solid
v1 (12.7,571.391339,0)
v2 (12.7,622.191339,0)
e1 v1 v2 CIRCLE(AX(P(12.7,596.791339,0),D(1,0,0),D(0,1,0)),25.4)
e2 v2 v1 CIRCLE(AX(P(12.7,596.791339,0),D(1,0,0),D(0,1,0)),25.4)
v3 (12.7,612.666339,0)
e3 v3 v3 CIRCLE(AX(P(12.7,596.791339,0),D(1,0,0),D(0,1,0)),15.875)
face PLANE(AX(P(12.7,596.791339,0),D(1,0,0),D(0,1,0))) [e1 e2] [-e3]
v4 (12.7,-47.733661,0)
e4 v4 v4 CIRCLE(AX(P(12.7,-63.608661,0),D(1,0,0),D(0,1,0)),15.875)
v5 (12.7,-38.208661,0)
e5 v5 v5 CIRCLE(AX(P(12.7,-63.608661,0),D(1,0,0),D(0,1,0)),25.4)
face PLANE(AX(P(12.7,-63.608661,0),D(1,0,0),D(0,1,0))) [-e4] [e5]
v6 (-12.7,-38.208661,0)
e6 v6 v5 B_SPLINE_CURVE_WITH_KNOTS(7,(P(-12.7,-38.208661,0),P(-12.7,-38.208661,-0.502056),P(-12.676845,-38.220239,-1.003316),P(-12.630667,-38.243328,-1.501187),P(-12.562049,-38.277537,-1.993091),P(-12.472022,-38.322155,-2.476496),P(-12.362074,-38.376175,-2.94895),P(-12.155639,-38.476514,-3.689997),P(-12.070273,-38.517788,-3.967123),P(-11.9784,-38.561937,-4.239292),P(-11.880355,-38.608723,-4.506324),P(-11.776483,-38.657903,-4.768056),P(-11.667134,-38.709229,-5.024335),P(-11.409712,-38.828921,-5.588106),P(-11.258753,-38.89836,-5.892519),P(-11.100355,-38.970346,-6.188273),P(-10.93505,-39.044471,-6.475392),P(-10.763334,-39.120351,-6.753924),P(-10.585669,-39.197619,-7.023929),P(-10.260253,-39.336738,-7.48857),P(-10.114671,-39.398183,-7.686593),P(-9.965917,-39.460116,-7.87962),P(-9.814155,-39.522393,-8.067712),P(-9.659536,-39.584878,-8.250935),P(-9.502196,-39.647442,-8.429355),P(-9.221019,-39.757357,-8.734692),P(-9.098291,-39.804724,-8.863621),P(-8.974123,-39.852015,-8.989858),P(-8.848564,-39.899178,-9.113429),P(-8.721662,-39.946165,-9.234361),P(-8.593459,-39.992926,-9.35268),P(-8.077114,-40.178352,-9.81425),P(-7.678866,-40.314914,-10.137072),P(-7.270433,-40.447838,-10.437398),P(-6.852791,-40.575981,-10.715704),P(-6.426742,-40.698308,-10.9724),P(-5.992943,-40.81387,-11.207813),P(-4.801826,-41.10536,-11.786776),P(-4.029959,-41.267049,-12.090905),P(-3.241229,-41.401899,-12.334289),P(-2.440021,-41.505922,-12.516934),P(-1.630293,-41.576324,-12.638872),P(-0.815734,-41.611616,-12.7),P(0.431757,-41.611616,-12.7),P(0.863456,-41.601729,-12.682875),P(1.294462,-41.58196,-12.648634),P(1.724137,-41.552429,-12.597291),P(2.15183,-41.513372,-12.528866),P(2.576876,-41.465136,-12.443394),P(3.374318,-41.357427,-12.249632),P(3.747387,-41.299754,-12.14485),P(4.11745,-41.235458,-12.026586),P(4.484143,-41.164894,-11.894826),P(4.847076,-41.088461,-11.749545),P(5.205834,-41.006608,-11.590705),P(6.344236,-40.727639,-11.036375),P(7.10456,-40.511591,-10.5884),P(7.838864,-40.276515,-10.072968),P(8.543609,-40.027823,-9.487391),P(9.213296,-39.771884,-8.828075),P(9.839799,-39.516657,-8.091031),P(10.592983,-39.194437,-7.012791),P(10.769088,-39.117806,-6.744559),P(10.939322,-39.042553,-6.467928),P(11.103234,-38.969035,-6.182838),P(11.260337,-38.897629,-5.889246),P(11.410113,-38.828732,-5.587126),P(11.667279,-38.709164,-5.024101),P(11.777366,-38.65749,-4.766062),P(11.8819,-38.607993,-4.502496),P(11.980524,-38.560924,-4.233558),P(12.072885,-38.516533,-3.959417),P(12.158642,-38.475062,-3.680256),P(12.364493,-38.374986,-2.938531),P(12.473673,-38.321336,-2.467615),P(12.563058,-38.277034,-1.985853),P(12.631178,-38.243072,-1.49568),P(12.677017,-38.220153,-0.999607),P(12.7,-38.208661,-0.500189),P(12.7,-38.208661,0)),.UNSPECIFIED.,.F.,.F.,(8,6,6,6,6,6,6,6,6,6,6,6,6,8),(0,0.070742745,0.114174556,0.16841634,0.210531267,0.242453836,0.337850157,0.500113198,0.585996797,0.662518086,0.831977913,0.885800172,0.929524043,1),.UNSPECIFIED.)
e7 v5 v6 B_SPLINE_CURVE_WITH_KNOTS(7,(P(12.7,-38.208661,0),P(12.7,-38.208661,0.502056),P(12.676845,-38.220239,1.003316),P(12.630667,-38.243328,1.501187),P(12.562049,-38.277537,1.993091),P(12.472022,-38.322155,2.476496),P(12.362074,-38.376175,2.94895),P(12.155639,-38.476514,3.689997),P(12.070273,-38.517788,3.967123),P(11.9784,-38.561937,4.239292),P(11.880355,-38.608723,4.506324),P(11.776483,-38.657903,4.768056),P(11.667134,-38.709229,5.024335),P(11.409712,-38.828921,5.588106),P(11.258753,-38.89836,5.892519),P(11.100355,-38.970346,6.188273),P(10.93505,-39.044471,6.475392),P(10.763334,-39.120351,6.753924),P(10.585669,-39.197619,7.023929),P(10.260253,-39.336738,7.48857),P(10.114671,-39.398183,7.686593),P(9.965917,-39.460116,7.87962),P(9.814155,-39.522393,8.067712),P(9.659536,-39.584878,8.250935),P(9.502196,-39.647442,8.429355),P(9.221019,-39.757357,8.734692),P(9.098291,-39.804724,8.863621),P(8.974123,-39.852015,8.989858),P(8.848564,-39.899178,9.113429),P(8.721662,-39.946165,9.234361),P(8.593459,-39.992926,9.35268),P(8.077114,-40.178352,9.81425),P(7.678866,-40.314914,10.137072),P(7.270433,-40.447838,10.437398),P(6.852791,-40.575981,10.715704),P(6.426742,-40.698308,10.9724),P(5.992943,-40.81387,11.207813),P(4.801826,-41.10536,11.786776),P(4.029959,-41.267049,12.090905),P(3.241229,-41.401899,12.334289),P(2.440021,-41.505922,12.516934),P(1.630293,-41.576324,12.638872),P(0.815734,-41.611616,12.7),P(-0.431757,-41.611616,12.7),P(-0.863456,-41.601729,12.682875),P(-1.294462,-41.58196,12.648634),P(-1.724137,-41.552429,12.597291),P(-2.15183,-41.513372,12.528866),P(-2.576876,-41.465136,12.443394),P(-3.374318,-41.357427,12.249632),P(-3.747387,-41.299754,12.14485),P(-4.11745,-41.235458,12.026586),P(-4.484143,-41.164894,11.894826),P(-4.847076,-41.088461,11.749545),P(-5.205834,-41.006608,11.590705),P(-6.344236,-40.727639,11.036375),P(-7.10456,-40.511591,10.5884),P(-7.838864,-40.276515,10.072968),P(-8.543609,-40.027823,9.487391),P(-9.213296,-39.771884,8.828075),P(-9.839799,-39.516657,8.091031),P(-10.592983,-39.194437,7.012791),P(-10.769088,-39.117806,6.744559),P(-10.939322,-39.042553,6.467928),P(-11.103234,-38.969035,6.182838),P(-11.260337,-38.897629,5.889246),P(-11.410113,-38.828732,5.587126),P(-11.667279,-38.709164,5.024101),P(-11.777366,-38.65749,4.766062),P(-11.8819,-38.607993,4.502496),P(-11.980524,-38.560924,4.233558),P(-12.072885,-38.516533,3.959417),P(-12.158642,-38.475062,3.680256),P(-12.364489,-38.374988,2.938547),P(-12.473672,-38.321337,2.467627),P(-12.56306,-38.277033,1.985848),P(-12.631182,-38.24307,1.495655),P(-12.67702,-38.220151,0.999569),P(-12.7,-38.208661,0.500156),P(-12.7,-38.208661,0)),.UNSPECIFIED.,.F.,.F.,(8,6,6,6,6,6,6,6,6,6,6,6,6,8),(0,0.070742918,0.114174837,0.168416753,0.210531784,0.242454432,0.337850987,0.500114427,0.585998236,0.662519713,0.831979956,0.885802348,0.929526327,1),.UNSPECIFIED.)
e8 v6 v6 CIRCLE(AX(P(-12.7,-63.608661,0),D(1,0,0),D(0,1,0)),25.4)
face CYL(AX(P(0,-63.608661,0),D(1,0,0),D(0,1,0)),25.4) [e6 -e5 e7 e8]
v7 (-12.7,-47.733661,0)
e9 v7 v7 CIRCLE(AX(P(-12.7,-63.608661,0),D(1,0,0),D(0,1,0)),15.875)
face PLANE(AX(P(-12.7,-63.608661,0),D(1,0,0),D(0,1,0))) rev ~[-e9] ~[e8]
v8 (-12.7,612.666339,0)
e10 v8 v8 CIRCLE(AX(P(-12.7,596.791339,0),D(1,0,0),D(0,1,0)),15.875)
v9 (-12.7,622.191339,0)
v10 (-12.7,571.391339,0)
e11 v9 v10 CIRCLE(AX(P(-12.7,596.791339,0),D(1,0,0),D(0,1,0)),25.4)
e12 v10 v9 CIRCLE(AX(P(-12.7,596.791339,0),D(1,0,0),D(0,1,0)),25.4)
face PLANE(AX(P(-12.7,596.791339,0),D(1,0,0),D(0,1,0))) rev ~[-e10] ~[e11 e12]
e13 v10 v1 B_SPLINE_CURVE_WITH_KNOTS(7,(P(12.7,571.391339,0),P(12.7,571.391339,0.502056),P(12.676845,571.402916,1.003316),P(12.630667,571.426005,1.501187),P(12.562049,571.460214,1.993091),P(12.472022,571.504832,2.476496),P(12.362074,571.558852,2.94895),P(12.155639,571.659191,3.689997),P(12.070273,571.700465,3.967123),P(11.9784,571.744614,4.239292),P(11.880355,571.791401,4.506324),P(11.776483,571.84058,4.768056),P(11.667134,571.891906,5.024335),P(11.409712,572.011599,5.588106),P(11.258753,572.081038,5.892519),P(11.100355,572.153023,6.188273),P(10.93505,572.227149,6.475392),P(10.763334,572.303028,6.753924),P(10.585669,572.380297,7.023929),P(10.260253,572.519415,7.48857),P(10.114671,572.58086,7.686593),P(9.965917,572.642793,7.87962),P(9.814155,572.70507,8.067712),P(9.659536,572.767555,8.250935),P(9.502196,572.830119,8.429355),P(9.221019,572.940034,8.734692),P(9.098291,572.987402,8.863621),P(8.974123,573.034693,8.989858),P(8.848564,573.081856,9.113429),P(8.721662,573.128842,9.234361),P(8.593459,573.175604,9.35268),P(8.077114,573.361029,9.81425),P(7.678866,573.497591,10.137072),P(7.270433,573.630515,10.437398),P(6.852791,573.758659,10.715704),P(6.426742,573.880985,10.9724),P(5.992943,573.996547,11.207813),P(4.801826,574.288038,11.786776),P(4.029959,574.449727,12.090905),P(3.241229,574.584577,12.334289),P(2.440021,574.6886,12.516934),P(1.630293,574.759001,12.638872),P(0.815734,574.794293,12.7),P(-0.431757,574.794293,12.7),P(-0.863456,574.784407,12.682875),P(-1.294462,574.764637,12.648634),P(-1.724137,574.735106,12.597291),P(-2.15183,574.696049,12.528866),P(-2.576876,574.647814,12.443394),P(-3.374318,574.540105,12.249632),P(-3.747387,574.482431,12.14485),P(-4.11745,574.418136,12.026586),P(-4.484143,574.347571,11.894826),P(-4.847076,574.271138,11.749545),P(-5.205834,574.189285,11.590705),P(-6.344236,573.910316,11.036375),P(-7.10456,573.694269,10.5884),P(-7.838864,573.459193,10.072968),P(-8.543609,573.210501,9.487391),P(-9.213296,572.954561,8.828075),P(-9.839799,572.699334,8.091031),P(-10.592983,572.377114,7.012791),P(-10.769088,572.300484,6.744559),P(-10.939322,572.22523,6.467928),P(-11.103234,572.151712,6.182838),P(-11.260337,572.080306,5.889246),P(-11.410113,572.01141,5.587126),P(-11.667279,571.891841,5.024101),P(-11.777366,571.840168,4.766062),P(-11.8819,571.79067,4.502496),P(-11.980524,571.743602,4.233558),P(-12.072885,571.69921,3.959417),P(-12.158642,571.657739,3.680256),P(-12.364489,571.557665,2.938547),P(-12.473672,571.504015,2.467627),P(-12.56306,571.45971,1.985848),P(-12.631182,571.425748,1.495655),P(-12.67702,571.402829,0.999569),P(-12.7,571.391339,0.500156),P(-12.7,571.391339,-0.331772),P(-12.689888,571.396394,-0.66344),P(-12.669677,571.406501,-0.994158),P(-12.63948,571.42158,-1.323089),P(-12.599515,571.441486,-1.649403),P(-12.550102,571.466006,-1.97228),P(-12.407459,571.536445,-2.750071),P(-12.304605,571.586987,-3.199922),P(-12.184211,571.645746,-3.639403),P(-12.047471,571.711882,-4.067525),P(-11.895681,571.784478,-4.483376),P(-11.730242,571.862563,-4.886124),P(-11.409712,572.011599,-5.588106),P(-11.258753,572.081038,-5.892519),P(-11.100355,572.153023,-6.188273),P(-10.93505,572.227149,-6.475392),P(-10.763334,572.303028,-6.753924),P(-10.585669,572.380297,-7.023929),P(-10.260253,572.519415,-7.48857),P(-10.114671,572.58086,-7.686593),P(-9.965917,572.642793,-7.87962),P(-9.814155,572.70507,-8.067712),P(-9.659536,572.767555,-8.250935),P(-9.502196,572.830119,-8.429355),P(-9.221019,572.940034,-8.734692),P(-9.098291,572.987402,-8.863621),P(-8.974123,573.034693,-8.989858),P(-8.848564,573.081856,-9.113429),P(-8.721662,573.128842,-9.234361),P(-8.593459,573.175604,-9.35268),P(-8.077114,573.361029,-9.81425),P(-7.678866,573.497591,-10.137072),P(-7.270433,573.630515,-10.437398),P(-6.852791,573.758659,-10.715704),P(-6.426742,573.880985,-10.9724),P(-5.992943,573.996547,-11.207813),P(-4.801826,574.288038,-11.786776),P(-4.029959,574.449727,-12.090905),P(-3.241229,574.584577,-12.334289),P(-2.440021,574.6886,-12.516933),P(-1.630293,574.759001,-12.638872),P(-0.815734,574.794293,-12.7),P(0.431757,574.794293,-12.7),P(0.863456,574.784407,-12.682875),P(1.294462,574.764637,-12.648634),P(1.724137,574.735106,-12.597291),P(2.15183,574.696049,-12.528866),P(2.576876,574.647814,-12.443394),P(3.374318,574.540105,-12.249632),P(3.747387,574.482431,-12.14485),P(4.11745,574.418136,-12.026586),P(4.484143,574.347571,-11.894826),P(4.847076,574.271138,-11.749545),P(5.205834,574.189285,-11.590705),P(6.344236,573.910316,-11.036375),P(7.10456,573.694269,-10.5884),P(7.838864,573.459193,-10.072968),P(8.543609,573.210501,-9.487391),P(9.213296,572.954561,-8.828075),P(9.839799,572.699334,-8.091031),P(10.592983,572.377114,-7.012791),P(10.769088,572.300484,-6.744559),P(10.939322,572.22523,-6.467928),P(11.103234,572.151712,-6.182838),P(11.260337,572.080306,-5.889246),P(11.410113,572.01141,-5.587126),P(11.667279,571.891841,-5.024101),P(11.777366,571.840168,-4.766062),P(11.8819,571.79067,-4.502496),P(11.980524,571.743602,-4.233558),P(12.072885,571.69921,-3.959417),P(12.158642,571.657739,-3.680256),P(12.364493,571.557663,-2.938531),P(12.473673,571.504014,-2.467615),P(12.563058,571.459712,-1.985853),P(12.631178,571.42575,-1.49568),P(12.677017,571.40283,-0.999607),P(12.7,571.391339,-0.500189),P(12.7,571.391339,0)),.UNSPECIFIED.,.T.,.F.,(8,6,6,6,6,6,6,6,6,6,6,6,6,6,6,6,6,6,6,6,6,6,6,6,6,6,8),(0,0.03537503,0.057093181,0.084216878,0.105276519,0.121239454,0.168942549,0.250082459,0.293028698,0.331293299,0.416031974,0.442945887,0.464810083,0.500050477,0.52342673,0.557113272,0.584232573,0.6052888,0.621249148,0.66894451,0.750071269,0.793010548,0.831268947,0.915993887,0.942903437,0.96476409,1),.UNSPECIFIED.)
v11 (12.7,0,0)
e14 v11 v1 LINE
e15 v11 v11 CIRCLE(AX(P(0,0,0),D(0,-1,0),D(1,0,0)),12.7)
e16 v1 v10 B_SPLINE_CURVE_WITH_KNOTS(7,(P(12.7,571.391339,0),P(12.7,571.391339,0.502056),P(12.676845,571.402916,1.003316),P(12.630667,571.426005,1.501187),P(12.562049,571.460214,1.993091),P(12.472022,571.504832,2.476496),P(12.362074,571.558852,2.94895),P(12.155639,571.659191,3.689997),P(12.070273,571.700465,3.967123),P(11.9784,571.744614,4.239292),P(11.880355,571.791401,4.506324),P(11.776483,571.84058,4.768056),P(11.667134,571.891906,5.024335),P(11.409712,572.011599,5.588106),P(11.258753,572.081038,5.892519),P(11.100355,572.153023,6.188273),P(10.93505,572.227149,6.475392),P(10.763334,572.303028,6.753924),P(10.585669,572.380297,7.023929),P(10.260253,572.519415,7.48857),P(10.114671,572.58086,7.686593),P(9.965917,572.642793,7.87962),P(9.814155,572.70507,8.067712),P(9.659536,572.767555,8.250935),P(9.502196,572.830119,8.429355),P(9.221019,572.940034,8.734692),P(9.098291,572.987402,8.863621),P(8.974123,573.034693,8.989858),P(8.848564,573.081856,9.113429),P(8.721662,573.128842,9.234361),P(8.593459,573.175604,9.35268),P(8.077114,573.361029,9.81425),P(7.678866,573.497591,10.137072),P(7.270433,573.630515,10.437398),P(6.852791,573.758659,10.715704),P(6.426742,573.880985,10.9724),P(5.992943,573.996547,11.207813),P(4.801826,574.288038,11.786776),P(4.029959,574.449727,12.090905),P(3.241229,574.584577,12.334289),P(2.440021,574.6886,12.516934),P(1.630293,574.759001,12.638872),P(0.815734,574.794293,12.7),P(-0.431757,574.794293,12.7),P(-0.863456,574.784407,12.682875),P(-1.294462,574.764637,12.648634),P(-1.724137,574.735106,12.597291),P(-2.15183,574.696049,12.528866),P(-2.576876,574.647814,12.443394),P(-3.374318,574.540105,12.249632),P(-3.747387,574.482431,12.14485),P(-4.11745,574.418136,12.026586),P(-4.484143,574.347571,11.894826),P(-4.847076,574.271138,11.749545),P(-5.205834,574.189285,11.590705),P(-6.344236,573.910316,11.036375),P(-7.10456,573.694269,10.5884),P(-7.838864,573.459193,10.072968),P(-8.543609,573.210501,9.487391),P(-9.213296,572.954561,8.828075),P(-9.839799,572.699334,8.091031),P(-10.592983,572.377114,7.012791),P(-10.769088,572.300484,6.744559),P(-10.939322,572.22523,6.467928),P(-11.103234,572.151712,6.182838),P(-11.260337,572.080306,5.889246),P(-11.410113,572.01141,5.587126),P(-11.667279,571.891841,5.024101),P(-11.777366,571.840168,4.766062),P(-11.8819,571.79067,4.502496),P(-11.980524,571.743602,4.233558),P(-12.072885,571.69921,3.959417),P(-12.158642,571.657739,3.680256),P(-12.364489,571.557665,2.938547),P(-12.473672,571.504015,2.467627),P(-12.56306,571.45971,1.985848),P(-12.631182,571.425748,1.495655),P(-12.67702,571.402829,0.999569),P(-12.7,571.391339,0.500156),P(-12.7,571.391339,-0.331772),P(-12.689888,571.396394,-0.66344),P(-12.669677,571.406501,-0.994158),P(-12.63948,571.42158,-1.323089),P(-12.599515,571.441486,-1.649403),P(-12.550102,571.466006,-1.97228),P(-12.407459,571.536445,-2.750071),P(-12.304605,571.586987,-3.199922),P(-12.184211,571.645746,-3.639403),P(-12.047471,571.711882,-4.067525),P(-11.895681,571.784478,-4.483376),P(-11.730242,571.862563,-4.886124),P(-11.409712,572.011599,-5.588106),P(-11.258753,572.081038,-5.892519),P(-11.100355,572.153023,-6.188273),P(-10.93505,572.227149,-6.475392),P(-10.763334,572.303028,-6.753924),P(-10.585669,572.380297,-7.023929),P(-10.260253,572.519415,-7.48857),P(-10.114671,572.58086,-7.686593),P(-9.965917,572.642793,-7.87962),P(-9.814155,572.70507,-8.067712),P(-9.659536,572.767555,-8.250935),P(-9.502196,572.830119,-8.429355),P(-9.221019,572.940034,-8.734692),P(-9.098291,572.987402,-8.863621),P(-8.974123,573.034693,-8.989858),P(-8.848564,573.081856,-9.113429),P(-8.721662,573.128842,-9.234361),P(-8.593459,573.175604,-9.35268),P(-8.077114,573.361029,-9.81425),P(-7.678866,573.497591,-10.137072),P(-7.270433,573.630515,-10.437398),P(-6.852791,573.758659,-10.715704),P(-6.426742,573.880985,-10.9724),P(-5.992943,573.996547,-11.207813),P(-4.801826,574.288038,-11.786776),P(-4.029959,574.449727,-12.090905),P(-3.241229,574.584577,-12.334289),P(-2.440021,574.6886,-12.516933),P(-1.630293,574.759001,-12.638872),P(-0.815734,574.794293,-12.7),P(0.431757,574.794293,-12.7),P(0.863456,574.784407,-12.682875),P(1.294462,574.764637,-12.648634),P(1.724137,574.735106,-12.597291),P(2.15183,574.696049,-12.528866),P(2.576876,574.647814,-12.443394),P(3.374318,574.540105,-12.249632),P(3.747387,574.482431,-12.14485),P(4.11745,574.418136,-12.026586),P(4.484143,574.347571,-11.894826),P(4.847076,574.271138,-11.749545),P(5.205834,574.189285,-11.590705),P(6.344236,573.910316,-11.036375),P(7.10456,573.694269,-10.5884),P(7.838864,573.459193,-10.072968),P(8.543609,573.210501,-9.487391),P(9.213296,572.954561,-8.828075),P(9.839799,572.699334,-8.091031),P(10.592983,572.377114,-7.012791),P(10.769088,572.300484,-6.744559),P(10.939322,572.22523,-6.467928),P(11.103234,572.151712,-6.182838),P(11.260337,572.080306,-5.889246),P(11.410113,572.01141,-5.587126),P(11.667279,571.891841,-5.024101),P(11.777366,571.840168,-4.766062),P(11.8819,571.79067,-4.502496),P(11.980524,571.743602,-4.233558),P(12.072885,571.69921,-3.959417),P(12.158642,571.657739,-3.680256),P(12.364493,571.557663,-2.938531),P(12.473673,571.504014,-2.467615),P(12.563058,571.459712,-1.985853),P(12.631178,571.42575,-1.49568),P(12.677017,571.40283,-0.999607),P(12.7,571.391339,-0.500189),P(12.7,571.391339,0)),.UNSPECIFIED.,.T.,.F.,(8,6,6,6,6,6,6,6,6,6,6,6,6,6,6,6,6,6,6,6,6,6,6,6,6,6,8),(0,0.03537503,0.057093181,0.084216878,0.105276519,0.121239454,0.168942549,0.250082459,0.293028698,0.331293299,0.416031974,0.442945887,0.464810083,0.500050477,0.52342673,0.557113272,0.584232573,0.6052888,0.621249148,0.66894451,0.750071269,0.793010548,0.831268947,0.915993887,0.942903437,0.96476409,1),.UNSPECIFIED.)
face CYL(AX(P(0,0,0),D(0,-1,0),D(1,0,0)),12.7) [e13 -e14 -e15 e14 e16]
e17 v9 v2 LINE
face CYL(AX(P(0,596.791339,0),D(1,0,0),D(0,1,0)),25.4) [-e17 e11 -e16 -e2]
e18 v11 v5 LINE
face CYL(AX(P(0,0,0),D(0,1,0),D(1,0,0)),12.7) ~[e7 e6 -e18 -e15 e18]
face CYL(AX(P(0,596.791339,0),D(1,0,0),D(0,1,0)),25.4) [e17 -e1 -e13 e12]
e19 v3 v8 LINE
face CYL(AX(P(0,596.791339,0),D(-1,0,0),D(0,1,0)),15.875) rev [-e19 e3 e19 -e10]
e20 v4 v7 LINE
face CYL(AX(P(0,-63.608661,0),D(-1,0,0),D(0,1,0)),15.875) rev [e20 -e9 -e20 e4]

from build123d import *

# Parameters (mm, degrees)
F0_R          = 25.4
F0_R_2        = 15.875
F2_DEPTH      = 12.7
F3_DEPTH      = 12.7
F1_R          = 12.7
F4_DEPTH      = 42.6116161379
F4_DEPTH_BACK = 575.7942935499


with BuildPart() as f2:
    # F0 (on Right) → F2 (new body, symmetric)
    with BuildSketch(Plane.YZ):
        with Locations((-63.608661294, 0)):
            Circle(F0_R)
        with Locations((-63.608661294, 0)):
            Circle(F0_R_2, mode=Mode.SUBTRACT)
    extrude(amount=F2_DEPTH, both=True)



with BuildPart() as f3:
    # F0 (on Right) → F3 (new body, symmetric)
    with BuildSketch(Plane.YZ):
        with Locations((596.791338706, 0)):
            Circle(F0_R)
        with Locations((596.791338706, 0)):
            Circle(F0_R_2, mode=Mode.SUBTRACT)
    extrude(amount=F3_DEPTH, both=True)


with BuildPart() as f2_1:
    add(f2.part)

    add(f3.part)  # F4 merges F3
    # F1 (on Front) → F4 (join, two sides)
    with BuildSketch(Plane.XZ) as f4_sk:
        Circle(F1_R)
    extrude(amount=F4_DEPTH)
    extrude(f4_sk.sketch, amount=-F4_DEPTH_BACK)


solid = f2_1.part
